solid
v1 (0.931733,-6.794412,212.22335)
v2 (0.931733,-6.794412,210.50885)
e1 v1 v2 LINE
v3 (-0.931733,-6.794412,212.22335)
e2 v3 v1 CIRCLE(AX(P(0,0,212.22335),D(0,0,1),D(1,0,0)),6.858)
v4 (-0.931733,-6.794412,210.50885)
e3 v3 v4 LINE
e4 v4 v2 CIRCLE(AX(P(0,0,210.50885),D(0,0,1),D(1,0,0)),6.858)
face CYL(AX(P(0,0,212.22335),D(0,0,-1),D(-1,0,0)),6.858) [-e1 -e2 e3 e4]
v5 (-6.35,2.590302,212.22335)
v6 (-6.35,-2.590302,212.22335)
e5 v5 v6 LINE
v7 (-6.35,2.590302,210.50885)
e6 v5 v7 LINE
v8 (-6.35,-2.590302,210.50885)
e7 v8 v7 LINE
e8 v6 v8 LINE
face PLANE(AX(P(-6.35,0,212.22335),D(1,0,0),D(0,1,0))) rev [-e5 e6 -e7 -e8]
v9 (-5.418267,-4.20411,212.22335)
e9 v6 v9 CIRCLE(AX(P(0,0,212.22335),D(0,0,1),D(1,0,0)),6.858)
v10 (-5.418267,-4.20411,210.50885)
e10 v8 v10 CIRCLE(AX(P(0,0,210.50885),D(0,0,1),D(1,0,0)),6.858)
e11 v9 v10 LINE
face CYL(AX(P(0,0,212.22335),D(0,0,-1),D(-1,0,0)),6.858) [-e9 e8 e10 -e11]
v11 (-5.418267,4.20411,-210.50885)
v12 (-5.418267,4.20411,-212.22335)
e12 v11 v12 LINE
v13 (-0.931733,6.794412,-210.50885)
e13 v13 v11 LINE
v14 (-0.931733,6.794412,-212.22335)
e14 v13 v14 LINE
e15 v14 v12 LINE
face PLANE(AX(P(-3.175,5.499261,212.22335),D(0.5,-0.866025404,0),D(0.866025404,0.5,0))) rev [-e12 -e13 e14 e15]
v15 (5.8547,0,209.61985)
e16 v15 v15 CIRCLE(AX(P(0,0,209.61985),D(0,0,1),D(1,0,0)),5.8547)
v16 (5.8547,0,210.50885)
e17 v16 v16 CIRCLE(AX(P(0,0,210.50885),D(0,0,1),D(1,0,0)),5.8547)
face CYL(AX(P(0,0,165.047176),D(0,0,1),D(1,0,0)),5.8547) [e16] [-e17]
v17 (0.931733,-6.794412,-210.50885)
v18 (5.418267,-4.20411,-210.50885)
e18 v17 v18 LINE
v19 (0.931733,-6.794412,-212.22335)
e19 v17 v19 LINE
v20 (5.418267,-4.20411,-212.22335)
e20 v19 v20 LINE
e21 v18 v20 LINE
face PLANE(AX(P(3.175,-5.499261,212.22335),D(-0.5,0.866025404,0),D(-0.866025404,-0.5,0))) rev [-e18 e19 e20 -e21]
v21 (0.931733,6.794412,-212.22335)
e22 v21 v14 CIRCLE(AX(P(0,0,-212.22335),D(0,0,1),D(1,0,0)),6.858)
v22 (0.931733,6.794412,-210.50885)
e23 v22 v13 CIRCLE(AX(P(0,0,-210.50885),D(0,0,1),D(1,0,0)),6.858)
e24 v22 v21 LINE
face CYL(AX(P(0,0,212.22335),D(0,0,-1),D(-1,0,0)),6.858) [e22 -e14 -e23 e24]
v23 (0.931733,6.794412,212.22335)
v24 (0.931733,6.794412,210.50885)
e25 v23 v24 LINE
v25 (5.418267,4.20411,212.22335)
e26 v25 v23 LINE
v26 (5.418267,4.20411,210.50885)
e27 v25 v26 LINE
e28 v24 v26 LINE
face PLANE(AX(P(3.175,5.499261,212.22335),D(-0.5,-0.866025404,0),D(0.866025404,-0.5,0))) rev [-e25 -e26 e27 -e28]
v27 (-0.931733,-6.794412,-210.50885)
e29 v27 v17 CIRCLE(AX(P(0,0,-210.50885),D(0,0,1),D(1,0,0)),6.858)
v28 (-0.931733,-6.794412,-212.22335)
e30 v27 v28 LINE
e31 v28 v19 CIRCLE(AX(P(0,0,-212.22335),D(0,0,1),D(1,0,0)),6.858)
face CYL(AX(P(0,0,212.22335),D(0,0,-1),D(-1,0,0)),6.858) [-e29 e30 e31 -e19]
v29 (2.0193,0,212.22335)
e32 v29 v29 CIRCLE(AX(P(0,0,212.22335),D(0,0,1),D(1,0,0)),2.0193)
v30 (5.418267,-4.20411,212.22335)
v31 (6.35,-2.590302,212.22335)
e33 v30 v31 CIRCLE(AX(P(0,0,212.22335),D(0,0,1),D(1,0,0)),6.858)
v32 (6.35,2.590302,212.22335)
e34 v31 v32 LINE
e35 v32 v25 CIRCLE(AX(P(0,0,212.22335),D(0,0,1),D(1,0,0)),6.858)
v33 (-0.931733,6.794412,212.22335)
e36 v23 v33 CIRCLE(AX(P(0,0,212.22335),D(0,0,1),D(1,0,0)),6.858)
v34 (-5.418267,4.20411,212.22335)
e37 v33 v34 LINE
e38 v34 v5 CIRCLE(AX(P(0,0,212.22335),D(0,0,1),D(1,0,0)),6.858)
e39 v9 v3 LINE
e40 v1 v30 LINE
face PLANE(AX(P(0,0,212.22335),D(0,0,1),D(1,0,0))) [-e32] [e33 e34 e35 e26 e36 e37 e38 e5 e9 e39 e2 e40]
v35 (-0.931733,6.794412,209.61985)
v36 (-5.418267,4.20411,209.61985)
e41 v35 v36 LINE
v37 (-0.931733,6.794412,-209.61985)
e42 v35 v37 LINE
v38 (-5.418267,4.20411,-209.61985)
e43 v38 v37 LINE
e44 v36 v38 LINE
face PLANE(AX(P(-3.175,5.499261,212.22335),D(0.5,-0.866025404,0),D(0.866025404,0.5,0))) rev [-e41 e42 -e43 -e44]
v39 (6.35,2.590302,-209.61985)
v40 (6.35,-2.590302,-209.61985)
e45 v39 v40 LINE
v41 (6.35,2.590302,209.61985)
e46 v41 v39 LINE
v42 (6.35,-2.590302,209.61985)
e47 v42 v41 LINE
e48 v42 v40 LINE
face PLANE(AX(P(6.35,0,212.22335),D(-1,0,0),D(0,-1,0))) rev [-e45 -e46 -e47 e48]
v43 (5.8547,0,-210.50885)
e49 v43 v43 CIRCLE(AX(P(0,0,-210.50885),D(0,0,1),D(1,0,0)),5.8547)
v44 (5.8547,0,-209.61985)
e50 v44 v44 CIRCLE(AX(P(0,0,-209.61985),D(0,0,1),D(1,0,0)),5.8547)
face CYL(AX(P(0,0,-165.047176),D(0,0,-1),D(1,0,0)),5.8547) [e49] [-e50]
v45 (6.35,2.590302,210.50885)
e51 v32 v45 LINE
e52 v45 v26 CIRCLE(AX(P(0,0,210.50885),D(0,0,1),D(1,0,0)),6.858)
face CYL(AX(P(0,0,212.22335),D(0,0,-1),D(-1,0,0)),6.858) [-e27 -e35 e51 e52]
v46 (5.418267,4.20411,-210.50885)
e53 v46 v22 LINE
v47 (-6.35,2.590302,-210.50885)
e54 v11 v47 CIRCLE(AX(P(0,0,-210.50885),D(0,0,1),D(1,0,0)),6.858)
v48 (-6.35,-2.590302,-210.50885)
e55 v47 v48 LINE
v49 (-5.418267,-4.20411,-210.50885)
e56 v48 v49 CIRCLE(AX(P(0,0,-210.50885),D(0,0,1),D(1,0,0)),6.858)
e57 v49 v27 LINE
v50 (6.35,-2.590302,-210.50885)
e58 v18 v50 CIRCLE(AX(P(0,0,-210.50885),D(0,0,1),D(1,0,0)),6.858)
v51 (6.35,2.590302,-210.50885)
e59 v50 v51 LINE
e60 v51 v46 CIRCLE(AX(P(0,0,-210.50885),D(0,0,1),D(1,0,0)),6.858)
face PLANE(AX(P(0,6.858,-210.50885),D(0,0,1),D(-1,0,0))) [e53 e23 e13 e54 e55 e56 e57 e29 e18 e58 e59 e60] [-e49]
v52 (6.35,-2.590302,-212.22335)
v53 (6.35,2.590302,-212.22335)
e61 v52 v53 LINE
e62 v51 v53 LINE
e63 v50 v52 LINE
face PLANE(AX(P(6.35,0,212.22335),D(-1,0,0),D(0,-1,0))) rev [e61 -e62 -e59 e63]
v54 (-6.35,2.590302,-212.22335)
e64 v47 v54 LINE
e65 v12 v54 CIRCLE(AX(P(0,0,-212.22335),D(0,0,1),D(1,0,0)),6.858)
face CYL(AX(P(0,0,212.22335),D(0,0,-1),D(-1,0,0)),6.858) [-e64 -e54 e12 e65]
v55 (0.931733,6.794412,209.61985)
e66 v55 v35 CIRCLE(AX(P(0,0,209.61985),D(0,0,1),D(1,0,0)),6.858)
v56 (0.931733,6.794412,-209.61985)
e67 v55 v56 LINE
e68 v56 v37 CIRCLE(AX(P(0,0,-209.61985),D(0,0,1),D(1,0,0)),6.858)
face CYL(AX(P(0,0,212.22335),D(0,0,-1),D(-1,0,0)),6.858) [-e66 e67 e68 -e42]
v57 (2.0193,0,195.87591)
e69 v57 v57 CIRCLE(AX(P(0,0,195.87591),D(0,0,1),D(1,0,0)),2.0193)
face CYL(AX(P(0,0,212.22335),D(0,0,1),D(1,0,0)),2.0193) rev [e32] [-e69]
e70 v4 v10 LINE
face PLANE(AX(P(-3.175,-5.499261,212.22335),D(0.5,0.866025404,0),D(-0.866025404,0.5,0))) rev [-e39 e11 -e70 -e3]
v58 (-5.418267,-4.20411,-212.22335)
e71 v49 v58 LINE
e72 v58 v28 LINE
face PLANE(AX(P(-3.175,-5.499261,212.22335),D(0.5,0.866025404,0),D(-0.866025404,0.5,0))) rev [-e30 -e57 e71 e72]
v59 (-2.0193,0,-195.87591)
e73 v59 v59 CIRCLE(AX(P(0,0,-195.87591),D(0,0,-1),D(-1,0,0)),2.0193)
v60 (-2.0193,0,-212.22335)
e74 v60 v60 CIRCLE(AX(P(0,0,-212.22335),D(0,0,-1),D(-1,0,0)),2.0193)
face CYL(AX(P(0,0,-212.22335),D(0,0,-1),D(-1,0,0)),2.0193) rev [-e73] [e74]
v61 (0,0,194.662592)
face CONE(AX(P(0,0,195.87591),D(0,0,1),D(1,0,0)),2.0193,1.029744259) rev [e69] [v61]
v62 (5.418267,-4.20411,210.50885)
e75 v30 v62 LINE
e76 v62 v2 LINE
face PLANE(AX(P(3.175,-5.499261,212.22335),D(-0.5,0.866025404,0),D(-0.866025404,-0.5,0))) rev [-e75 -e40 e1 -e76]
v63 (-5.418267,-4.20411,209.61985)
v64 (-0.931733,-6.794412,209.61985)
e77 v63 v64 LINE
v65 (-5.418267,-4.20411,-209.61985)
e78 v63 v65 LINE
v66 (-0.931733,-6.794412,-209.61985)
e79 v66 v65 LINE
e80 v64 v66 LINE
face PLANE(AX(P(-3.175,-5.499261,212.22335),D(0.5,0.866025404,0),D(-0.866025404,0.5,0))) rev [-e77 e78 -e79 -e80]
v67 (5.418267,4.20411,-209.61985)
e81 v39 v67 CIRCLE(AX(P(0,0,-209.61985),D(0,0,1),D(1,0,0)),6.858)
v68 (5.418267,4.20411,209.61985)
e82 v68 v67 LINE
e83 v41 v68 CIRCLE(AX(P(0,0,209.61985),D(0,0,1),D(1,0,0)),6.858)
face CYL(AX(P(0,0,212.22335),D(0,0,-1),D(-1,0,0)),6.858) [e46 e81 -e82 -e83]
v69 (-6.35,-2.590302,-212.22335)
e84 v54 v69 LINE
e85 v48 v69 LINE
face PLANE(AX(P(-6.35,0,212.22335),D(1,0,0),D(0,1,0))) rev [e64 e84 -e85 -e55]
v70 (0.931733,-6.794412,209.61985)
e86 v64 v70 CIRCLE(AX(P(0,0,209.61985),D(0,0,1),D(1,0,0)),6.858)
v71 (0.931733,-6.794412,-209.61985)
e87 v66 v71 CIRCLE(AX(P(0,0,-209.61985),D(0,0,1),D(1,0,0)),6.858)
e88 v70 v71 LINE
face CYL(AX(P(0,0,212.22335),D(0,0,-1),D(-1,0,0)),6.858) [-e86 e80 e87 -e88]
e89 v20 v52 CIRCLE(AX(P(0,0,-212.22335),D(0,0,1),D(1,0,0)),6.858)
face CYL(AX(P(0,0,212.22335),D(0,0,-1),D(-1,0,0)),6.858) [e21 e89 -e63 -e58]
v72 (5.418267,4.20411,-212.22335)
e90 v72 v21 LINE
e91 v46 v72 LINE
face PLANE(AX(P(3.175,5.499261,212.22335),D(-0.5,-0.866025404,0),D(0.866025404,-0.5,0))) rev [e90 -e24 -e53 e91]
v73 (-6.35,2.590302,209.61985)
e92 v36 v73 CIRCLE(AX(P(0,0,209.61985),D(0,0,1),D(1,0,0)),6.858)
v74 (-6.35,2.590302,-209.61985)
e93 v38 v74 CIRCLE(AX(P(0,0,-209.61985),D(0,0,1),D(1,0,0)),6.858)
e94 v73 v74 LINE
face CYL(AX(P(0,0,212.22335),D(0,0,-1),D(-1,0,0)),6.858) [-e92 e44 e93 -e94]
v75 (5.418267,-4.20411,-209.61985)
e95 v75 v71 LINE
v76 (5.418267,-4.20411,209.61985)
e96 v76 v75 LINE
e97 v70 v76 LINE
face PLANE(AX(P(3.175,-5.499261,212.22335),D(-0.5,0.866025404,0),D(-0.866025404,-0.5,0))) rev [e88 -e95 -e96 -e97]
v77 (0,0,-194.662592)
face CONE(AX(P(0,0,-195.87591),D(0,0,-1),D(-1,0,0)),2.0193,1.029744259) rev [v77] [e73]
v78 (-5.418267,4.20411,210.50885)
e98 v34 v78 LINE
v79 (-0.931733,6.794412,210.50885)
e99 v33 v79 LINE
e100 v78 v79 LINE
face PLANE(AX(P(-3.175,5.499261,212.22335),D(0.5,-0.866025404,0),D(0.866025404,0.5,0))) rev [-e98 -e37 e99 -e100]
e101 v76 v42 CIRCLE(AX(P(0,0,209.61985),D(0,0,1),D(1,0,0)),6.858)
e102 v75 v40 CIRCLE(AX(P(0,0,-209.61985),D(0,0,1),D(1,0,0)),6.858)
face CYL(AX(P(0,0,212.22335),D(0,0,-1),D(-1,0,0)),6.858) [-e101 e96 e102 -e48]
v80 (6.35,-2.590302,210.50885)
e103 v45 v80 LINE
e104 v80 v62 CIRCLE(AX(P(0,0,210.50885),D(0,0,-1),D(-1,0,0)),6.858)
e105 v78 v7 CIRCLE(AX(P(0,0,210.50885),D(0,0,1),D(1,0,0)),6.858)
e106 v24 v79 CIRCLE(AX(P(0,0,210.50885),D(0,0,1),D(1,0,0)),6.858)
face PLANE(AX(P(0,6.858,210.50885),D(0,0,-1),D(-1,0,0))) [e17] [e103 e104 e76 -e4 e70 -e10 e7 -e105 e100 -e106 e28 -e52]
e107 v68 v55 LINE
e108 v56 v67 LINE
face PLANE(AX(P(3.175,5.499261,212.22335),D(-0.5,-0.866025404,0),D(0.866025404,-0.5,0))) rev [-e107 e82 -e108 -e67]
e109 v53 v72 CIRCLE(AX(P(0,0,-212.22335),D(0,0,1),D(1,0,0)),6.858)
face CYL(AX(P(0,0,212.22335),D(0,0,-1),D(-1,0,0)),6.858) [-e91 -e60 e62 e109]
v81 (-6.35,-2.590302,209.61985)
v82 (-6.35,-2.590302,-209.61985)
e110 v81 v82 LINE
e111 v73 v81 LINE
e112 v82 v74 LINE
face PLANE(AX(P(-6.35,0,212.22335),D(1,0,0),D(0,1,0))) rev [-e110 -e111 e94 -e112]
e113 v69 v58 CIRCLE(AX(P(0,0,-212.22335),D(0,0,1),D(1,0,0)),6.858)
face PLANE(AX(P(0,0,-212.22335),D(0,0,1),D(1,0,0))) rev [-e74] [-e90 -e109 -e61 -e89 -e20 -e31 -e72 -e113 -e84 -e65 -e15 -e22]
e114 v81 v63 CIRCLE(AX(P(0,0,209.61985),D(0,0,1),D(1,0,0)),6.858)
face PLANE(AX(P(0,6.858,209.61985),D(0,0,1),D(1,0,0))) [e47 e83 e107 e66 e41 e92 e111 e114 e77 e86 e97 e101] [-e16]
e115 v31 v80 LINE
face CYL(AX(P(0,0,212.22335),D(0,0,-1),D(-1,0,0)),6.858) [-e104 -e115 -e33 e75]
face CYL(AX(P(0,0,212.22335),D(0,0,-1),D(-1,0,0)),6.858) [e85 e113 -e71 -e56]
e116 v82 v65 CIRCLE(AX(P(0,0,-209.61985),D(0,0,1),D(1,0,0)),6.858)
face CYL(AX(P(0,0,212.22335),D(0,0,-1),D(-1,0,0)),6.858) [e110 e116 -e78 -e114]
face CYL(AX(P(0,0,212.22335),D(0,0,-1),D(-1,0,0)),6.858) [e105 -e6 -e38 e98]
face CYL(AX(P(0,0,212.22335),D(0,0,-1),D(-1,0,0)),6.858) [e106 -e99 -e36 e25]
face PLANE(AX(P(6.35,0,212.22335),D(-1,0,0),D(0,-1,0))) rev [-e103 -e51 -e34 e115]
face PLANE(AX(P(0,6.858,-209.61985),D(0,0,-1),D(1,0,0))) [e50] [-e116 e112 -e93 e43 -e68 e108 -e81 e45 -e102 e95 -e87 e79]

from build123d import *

# Parameters (mm, degrees)
BOSS_EXTRUDE1_DEPTH                  = 212.22335
F_10_32_TAPPED_HOLE1_D               = 4.0386
F_10_32_TAPPED_HOLE1_DEPTH           = 16.34744
F_10_32_TAPPED_HOLE1_TIP             = 1.213317848
F_10_32_TAPPED_HOLE1_ON_FACE_2_D     = 4.0386
F_10_32_TAPPED_HOLE1_ON_FACE_2_DEPTH = 16.34744
F_10_32_TAPPED_HOLE1_ON_FACE_2_TIP   = 1.213317848
SKETCH5_W                            = 0.889
SKETCH5_H                            = 1.0033


with BuildPart() as part:
    # Sketch1 → Boss-Extrude1 (new, symmetric)
    with BuildSketch(Plane.XY):
        with BuildLine():
            ThreePointArc((0.93173274, 6.79441227), (0, 6.858), (-0.93173274, 6.79441227))
            Line((-0.93173274, 6.79441227), (-5.41826726, 4.204110358))
            ThreePointArc((-5.41826726, 4.204110358), (-5.939202219, 3.429), (-6.35, 2.590301913))
            Line((-6.35, 2.590301913), (-6.35, -2.590301913))
            ThreePointArc((-6.35, -2.590301913), (-5.939202219, -3.429), (-5.41826726, -4.204110358))
            Line((-5.41826726, -4.204110358), (-0.93173274, -6.79441227))
            ThreePointArc((-0.93173274, -6.79441227), (0, -6.858), (0.93173274, -6.79441227))
            Line((0.93173274, -6.79441227), (5.41826726, -4.204110358))
            ThreePointArc((5.41826726, -4.204110358), (5.939202219, -3.429), (6.35, -2.590301913))
            Line((6.35, -2.590301913), (6.35, 2.590301913))
            ThreePointArc((6.35, 2.590301913), (5.939202219, 3.429), (5.41826726, 4.204110358))
            Line((5.41826726, 4.204110358), (0.93173274, 6.79441227))
        make_face()
    extrude(amount=BOSS_EXTRUDE1_DEPTH, both=True)

    # #10-32 Tapped Hole1
    with Locations(Plane.XY.offset(212.22335)):
        with Locations((0, 0)):
            Hole(F_10_32_TAPPED_HOLE1_D / 2, depth=F_10_32_TAPPED_HOLE1_DEPTH)
            with Locations((0, 0, -(F_10_32_TAPPED_HOLE1_DEPTH + F_10_32_TAPPED_HOLE1_TIP / 2))):  # 118° drill point
                Cone(0, F_10_32_TAPPED_HOLE1_D / 2, F_10_32_TAPPED_HOLE1_TIP, mode=Mode.SUBTRACT)

    # #10-32 Tapped Hole1 on face 2
    with Locations(Plane(origin=(0, 0, -212.22335), x_dir=(-1, 0, 0), z_dir=(0, 0, -1))):
        with Locations((0, 0)):
            Hole(F_10_32_TAPPED_HOLE1_ON_FACE_2_D / 2, depth=F_10_32_TAPPED_HOLE1_ON_FACE_2_DEPTH)
            with Locations((0, 0, -(F_10_32_TAPPED_HOLE1_ON_FACE_2_DEPTH + F_10_32_TAPPED_HOLE1_ON_FACE_2_TIP / 2))):  # 118° drill point
                Cone(0, F_10_32_TAPPED_HOLE1_ON_FACE_2_D / 2, F_10_32_TAPPED_HOLE1_ON_FACE_2_TIP, mode=Mode.SUBTRACT)

    # Sketch5 → Cut-Revolve1 (revolve, cut)
    with BuildSketch(Plane(origin=(0, 0, 0), x_dir=(0, 0, -1), z_dir=(1, 0, 0)), mode=Mode.PRIVATE) as cut_revolve1_sk:
        with Locations((-210.06435, 6.35635)):
            Rectangle(SKETCH5_W, SKETCH5_H)
    cut_revolve1 = revolve(cut_revolve1_sk.sketch.rotate(Axis((0, 0, 165.047176272), (0, 0, -1)), 90), axis=Axis((0, 0, 165.047176272), (0, 0, -1)), mode=Mode.SUBTRACT)

    # Mirror1: Cut-Revolve1 across plane
    add(cut_revolve1.mirror(Plane.XY), mode=Mode.SUBTRACT)


solid = part.part
